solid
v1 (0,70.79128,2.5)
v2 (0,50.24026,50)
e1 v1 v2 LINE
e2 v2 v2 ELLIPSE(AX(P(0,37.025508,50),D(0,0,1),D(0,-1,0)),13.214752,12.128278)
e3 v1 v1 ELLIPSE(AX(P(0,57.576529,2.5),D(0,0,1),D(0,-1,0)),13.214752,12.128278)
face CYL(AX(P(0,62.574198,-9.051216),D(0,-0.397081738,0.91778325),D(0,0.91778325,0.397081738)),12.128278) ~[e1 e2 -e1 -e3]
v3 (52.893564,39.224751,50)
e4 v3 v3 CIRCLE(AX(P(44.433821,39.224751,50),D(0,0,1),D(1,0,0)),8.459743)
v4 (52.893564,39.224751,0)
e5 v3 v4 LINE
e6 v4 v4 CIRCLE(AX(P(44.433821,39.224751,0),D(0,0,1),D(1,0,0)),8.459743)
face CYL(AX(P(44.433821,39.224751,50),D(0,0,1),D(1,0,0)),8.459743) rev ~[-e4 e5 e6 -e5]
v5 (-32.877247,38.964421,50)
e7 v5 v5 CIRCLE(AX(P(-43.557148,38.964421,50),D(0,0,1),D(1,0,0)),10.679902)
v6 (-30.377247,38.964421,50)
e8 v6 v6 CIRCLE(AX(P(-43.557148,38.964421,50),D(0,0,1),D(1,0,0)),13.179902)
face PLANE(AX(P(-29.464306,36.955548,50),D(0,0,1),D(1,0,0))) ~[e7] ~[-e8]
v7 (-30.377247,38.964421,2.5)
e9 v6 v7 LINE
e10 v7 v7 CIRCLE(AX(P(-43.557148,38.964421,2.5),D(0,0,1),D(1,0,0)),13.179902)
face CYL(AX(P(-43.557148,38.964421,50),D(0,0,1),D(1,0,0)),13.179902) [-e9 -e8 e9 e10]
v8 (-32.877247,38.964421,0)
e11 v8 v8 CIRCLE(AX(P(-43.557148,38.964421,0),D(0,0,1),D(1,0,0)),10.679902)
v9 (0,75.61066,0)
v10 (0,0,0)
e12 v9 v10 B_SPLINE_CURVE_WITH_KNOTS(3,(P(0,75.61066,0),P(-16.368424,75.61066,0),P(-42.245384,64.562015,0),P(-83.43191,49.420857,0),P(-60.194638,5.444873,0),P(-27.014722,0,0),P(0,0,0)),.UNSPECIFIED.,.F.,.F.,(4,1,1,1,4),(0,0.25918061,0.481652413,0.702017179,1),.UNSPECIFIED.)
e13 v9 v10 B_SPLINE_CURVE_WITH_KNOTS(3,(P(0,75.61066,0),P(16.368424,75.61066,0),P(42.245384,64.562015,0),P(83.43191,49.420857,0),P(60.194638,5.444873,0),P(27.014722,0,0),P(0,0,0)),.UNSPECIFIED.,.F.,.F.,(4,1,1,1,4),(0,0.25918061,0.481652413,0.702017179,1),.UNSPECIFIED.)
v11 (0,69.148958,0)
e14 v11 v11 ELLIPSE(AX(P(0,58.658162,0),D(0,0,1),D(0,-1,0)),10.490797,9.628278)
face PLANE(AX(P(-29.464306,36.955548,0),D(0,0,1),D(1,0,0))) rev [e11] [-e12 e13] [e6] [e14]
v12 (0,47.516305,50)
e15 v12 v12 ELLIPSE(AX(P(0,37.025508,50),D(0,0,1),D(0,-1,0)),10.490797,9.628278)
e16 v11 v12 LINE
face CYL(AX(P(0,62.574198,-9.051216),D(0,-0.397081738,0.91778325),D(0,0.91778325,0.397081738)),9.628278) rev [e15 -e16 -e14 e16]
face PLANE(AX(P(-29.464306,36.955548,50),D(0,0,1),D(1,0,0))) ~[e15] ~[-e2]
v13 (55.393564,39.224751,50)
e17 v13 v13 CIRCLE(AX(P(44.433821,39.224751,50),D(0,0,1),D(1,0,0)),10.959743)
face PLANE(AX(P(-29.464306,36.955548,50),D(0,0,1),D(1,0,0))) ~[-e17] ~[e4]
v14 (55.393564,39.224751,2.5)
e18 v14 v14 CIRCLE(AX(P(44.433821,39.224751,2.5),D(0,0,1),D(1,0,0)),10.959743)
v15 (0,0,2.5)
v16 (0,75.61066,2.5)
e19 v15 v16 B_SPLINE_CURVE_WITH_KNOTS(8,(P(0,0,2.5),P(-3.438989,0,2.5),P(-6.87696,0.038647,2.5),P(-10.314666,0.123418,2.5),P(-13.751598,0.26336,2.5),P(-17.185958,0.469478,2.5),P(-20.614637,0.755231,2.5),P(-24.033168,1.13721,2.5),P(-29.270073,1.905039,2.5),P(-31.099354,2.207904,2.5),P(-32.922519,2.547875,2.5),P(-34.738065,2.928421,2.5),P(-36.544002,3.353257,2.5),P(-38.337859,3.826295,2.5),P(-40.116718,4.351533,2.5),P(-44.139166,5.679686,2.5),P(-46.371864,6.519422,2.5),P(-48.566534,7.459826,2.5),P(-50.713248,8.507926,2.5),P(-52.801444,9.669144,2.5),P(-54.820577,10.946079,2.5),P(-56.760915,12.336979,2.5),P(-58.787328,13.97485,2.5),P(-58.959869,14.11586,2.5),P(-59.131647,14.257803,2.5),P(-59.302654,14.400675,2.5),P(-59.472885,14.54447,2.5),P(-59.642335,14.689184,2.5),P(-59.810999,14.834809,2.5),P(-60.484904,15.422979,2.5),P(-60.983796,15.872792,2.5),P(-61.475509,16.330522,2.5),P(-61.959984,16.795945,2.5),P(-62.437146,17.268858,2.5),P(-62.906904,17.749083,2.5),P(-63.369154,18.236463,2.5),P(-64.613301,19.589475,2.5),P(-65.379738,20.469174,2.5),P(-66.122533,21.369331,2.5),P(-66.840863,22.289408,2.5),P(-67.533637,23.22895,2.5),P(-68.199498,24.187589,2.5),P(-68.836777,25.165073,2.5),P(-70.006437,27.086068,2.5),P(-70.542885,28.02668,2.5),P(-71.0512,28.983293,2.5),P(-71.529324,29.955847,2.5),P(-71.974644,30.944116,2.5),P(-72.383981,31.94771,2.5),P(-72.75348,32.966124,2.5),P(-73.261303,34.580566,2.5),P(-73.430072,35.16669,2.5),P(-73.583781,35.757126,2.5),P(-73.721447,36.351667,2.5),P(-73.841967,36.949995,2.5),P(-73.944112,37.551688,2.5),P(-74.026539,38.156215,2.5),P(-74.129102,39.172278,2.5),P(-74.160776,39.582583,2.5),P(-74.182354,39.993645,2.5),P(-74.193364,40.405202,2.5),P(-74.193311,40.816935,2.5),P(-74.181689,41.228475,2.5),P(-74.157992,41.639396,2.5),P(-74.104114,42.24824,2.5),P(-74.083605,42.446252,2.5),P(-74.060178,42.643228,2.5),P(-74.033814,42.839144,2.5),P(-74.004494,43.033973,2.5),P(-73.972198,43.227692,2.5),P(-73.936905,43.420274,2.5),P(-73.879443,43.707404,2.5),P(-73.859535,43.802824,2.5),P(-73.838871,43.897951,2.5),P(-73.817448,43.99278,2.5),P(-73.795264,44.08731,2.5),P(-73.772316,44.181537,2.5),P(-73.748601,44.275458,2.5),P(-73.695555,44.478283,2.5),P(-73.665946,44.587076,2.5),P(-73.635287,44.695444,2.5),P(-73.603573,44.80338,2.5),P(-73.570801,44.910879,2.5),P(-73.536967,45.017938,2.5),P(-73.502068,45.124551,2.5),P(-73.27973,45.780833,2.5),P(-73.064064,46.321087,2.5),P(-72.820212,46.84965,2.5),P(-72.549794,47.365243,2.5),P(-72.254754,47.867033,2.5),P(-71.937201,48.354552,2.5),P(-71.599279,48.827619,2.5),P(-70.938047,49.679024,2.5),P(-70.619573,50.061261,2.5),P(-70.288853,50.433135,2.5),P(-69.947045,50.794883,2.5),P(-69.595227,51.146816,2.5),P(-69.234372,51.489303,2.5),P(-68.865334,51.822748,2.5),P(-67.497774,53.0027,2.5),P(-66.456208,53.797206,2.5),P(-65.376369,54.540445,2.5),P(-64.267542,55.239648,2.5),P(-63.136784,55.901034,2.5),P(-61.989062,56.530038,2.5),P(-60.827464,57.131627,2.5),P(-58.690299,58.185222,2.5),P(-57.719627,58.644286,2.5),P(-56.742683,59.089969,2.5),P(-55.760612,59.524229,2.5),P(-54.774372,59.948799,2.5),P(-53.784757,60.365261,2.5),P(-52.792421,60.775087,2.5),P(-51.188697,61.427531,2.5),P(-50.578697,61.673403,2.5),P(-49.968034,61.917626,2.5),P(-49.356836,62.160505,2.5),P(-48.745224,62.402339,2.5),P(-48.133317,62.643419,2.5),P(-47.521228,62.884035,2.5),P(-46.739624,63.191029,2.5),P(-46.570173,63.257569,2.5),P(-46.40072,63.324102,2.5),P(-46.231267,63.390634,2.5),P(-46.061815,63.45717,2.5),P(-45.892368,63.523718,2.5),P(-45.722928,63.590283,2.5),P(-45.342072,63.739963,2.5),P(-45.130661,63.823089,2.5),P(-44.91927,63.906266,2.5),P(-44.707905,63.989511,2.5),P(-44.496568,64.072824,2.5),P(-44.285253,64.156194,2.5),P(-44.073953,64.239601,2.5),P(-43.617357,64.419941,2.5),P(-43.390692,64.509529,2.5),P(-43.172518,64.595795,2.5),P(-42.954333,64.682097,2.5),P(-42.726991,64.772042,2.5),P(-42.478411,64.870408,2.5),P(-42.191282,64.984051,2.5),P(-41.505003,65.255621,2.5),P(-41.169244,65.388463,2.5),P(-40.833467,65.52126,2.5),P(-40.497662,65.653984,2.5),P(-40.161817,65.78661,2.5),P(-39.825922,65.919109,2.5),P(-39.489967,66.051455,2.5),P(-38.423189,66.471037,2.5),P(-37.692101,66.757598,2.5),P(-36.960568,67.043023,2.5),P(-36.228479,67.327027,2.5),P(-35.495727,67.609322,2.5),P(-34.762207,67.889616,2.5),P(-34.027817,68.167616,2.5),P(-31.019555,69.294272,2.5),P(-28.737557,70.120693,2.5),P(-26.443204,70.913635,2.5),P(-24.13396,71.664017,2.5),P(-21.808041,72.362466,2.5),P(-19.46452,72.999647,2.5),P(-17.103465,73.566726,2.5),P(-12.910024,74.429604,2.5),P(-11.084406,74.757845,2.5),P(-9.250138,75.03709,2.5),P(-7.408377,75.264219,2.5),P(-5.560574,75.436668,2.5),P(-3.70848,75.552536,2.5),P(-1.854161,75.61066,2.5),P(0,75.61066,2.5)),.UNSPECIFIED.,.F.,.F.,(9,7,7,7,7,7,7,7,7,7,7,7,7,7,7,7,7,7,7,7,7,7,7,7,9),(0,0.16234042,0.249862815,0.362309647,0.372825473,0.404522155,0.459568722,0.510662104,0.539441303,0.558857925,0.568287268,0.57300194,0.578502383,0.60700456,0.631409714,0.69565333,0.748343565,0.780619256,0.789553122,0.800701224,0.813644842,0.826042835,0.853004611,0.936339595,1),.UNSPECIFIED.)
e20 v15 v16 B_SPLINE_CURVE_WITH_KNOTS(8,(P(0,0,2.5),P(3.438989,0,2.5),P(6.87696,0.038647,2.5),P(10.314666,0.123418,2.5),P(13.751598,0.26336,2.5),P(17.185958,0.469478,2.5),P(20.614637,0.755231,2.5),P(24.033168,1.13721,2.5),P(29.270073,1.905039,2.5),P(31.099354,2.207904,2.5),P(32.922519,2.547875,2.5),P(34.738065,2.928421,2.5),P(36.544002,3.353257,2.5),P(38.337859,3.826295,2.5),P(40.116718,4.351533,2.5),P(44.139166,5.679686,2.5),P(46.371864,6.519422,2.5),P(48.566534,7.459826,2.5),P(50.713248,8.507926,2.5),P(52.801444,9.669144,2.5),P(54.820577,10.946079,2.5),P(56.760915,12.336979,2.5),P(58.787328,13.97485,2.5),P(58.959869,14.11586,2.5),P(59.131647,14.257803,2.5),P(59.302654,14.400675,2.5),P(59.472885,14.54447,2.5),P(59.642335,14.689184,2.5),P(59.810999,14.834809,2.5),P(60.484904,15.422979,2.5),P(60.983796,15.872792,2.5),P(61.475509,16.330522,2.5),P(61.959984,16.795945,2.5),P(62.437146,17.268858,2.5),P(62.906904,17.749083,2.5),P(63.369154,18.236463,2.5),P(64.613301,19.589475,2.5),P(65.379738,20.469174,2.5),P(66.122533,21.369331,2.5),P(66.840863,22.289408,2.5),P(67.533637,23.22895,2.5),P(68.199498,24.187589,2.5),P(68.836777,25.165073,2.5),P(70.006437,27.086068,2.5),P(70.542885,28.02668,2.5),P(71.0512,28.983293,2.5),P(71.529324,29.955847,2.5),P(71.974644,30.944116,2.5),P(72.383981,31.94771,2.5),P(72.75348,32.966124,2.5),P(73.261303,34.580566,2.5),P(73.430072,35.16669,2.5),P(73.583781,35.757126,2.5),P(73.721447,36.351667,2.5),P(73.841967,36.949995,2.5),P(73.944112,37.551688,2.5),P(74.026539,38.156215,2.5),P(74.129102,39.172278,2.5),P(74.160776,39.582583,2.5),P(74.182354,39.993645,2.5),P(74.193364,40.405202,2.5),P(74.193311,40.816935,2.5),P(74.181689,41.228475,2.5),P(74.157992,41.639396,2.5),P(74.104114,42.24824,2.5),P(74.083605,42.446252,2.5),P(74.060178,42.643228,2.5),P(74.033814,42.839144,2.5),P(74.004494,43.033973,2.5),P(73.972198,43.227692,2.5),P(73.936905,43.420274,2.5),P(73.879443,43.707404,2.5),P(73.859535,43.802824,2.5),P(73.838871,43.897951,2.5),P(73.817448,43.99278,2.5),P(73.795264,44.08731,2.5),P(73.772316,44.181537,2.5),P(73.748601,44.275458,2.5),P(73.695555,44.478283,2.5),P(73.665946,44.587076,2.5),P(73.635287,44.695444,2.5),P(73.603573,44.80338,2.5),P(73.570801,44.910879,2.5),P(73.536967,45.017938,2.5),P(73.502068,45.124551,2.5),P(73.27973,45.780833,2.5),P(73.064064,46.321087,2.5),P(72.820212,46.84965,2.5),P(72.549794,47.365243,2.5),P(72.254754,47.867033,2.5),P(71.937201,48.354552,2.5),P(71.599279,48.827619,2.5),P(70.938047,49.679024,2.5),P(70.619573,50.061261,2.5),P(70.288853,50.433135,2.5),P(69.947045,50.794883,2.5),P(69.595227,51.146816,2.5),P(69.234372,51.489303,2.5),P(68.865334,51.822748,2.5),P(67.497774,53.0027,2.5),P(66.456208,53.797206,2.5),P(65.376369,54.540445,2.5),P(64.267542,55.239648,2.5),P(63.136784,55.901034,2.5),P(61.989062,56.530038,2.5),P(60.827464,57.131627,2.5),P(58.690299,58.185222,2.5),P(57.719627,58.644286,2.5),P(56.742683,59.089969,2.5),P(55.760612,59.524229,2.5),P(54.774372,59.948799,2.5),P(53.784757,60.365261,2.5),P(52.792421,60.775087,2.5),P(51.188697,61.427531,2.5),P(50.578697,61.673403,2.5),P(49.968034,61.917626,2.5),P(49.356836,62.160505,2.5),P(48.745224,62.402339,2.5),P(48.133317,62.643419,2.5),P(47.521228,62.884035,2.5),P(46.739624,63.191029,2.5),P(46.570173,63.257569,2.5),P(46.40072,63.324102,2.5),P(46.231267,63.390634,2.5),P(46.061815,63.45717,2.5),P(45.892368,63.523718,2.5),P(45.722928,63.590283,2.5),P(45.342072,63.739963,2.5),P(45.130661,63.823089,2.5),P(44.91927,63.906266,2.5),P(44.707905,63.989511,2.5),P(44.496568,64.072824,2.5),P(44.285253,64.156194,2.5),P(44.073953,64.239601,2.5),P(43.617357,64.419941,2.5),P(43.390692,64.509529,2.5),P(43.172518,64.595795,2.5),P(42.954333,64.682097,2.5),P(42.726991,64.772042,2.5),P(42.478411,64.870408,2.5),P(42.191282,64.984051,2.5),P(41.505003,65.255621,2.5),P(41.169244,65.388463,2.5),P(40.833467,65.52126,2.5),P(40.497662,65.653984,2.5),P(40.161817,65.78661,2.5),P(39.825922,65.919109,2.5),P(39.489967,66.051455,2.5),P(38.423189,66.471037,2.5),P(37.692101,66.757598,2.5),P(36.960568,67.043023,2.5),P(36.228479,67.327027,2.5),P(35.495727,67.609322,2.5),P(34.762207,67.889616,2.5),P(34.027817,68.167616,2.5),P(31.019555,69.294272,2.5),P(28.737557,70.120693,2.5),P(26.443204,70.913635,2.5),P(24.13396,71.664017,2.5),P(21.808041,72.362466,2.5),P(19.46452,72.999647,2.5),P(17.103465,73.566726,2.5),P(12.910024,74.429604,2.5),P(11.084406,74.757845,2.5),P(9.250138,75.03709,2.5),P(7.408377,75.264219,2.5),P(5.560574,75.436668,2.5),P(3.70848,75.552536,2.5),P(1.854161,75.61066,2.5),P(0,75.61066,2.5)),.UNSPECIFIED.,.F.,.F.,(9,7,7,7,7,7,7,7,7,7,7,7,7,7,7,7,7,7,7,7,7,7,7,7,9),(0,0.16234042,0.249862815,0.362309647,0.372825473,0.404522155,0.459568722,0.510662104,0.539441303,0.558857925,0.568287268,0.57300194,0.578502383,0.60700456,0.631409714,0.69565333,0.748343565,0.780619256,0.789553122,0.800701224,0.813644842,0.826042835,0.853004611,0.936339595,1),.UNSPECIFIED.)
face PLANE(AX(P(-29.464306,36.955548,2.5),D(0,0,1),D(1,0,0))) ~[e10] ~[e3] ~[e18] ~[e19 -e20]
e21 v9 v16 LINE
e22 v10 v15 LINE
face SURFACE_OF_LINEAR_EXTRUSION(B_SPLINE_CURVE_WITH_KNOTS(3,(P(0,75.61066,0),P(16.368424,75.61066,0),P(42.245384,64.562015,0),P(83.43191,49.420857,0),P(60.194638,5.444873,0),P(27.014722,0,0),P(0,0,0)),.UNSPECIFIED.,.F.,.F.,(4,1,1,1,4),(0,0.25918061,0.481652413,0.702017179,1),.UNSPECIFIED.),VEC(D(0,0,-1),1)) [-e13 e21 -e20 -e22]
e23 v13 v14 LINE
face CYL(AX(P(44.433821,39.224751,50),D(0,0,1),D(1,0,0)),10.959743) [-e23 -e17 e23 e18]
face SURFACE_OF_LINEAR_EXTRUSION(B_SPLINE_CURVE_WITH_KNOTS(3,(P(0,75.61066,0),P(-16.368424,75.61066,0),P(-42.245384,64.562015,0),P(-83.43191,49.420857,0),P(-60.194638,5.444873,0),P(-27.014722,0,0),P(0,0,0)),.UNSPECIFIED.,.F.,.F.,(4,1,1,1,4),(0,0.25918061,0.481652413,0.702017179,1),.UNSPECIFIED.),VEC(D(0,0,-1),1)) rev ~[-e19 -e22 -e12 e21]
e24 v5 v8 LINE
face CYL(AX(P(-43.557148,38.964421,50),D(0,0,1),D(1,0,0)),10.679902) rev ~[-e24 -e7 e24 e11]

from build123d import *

# Parameters (mm, degrees)
F1_DEPTH = 50
F5_R     = 10.6799017819
F5_R_2   = 8.4597431053
F6_DEPTH = 50.0010001
F7_T     = -2.5


with BuildPart() as f1:
    # F0 (on Top) → F1 (new body)
    with BuildSketch(Plane.XY):
        with BuildLine():
            Line((0, 75.6106601152), (0, 0))
            add(Edge.make_bspline(
                [(0, 75.6106601152), (16.3684235605, 75.6106601152), (42.2453839997, 64.5620147418), (83.4319100444, 49.4208571166), (60.1946377215, 5.4448728706), (27.0147223777, 0), (0, 0)],
                knots=[0, 0, 0, 0, 0.2591806098, 0.4816524133, 0.7020171791, 1, 1, 1, 1], degree=3))
        make_face()
    extrude(amount=F1_DEPTH)

    # F2: F1 across face


with BuildPart() as f1_1:
    add(f1.part)
    add(f1.part.mirror(Plane(origin=(0, 37.8053300576, 25), x_dir=(0, -1, 0), z_dir=(-1, 0, 0))))

    # F3 (on Right) → F4 (revolve, cut)
    with BuildSketch(Plane.YZ):
        Polygon((41.0470664501, 64.9524852633), (30.8941714466, 64.1714856029), (62.5741977341, -9.0512155762), (71.4108697022, -5.2280023413), align=None)
    revolve(axis=Axis((0, 46.7341845904, 27.5601350133), (0, 0.3970817383, -0.9177832495)), mode=Mode.SUBTRACT)

    # F5 (on face) → F6 (cut, through all)
    with BuildSketch(Plane.XY.offset(50)):
        with Locations((-43.5571484268, 38.964420557)):
            Circle(F5_R)
        with Locations((44.4338209927, 39.2247512937)):
            Circle(F5_R_2)
    extrude(amount=-F6_DEPTH, mode=Mode.SUBTRACT)

    # F7
    f7_openings = [f1_1.faces().sort_by_distance(p)[0] for p in [
        (72.237175, 37.530472, 50),
        (-74.030858, 42.838058, 25),
        (74.030858, 42.838058, 25),
    ]]
    offset(amount=F7_T, openings=f7_openings, kind=Kind.INTERSECTION)


solid = f1_1.part
